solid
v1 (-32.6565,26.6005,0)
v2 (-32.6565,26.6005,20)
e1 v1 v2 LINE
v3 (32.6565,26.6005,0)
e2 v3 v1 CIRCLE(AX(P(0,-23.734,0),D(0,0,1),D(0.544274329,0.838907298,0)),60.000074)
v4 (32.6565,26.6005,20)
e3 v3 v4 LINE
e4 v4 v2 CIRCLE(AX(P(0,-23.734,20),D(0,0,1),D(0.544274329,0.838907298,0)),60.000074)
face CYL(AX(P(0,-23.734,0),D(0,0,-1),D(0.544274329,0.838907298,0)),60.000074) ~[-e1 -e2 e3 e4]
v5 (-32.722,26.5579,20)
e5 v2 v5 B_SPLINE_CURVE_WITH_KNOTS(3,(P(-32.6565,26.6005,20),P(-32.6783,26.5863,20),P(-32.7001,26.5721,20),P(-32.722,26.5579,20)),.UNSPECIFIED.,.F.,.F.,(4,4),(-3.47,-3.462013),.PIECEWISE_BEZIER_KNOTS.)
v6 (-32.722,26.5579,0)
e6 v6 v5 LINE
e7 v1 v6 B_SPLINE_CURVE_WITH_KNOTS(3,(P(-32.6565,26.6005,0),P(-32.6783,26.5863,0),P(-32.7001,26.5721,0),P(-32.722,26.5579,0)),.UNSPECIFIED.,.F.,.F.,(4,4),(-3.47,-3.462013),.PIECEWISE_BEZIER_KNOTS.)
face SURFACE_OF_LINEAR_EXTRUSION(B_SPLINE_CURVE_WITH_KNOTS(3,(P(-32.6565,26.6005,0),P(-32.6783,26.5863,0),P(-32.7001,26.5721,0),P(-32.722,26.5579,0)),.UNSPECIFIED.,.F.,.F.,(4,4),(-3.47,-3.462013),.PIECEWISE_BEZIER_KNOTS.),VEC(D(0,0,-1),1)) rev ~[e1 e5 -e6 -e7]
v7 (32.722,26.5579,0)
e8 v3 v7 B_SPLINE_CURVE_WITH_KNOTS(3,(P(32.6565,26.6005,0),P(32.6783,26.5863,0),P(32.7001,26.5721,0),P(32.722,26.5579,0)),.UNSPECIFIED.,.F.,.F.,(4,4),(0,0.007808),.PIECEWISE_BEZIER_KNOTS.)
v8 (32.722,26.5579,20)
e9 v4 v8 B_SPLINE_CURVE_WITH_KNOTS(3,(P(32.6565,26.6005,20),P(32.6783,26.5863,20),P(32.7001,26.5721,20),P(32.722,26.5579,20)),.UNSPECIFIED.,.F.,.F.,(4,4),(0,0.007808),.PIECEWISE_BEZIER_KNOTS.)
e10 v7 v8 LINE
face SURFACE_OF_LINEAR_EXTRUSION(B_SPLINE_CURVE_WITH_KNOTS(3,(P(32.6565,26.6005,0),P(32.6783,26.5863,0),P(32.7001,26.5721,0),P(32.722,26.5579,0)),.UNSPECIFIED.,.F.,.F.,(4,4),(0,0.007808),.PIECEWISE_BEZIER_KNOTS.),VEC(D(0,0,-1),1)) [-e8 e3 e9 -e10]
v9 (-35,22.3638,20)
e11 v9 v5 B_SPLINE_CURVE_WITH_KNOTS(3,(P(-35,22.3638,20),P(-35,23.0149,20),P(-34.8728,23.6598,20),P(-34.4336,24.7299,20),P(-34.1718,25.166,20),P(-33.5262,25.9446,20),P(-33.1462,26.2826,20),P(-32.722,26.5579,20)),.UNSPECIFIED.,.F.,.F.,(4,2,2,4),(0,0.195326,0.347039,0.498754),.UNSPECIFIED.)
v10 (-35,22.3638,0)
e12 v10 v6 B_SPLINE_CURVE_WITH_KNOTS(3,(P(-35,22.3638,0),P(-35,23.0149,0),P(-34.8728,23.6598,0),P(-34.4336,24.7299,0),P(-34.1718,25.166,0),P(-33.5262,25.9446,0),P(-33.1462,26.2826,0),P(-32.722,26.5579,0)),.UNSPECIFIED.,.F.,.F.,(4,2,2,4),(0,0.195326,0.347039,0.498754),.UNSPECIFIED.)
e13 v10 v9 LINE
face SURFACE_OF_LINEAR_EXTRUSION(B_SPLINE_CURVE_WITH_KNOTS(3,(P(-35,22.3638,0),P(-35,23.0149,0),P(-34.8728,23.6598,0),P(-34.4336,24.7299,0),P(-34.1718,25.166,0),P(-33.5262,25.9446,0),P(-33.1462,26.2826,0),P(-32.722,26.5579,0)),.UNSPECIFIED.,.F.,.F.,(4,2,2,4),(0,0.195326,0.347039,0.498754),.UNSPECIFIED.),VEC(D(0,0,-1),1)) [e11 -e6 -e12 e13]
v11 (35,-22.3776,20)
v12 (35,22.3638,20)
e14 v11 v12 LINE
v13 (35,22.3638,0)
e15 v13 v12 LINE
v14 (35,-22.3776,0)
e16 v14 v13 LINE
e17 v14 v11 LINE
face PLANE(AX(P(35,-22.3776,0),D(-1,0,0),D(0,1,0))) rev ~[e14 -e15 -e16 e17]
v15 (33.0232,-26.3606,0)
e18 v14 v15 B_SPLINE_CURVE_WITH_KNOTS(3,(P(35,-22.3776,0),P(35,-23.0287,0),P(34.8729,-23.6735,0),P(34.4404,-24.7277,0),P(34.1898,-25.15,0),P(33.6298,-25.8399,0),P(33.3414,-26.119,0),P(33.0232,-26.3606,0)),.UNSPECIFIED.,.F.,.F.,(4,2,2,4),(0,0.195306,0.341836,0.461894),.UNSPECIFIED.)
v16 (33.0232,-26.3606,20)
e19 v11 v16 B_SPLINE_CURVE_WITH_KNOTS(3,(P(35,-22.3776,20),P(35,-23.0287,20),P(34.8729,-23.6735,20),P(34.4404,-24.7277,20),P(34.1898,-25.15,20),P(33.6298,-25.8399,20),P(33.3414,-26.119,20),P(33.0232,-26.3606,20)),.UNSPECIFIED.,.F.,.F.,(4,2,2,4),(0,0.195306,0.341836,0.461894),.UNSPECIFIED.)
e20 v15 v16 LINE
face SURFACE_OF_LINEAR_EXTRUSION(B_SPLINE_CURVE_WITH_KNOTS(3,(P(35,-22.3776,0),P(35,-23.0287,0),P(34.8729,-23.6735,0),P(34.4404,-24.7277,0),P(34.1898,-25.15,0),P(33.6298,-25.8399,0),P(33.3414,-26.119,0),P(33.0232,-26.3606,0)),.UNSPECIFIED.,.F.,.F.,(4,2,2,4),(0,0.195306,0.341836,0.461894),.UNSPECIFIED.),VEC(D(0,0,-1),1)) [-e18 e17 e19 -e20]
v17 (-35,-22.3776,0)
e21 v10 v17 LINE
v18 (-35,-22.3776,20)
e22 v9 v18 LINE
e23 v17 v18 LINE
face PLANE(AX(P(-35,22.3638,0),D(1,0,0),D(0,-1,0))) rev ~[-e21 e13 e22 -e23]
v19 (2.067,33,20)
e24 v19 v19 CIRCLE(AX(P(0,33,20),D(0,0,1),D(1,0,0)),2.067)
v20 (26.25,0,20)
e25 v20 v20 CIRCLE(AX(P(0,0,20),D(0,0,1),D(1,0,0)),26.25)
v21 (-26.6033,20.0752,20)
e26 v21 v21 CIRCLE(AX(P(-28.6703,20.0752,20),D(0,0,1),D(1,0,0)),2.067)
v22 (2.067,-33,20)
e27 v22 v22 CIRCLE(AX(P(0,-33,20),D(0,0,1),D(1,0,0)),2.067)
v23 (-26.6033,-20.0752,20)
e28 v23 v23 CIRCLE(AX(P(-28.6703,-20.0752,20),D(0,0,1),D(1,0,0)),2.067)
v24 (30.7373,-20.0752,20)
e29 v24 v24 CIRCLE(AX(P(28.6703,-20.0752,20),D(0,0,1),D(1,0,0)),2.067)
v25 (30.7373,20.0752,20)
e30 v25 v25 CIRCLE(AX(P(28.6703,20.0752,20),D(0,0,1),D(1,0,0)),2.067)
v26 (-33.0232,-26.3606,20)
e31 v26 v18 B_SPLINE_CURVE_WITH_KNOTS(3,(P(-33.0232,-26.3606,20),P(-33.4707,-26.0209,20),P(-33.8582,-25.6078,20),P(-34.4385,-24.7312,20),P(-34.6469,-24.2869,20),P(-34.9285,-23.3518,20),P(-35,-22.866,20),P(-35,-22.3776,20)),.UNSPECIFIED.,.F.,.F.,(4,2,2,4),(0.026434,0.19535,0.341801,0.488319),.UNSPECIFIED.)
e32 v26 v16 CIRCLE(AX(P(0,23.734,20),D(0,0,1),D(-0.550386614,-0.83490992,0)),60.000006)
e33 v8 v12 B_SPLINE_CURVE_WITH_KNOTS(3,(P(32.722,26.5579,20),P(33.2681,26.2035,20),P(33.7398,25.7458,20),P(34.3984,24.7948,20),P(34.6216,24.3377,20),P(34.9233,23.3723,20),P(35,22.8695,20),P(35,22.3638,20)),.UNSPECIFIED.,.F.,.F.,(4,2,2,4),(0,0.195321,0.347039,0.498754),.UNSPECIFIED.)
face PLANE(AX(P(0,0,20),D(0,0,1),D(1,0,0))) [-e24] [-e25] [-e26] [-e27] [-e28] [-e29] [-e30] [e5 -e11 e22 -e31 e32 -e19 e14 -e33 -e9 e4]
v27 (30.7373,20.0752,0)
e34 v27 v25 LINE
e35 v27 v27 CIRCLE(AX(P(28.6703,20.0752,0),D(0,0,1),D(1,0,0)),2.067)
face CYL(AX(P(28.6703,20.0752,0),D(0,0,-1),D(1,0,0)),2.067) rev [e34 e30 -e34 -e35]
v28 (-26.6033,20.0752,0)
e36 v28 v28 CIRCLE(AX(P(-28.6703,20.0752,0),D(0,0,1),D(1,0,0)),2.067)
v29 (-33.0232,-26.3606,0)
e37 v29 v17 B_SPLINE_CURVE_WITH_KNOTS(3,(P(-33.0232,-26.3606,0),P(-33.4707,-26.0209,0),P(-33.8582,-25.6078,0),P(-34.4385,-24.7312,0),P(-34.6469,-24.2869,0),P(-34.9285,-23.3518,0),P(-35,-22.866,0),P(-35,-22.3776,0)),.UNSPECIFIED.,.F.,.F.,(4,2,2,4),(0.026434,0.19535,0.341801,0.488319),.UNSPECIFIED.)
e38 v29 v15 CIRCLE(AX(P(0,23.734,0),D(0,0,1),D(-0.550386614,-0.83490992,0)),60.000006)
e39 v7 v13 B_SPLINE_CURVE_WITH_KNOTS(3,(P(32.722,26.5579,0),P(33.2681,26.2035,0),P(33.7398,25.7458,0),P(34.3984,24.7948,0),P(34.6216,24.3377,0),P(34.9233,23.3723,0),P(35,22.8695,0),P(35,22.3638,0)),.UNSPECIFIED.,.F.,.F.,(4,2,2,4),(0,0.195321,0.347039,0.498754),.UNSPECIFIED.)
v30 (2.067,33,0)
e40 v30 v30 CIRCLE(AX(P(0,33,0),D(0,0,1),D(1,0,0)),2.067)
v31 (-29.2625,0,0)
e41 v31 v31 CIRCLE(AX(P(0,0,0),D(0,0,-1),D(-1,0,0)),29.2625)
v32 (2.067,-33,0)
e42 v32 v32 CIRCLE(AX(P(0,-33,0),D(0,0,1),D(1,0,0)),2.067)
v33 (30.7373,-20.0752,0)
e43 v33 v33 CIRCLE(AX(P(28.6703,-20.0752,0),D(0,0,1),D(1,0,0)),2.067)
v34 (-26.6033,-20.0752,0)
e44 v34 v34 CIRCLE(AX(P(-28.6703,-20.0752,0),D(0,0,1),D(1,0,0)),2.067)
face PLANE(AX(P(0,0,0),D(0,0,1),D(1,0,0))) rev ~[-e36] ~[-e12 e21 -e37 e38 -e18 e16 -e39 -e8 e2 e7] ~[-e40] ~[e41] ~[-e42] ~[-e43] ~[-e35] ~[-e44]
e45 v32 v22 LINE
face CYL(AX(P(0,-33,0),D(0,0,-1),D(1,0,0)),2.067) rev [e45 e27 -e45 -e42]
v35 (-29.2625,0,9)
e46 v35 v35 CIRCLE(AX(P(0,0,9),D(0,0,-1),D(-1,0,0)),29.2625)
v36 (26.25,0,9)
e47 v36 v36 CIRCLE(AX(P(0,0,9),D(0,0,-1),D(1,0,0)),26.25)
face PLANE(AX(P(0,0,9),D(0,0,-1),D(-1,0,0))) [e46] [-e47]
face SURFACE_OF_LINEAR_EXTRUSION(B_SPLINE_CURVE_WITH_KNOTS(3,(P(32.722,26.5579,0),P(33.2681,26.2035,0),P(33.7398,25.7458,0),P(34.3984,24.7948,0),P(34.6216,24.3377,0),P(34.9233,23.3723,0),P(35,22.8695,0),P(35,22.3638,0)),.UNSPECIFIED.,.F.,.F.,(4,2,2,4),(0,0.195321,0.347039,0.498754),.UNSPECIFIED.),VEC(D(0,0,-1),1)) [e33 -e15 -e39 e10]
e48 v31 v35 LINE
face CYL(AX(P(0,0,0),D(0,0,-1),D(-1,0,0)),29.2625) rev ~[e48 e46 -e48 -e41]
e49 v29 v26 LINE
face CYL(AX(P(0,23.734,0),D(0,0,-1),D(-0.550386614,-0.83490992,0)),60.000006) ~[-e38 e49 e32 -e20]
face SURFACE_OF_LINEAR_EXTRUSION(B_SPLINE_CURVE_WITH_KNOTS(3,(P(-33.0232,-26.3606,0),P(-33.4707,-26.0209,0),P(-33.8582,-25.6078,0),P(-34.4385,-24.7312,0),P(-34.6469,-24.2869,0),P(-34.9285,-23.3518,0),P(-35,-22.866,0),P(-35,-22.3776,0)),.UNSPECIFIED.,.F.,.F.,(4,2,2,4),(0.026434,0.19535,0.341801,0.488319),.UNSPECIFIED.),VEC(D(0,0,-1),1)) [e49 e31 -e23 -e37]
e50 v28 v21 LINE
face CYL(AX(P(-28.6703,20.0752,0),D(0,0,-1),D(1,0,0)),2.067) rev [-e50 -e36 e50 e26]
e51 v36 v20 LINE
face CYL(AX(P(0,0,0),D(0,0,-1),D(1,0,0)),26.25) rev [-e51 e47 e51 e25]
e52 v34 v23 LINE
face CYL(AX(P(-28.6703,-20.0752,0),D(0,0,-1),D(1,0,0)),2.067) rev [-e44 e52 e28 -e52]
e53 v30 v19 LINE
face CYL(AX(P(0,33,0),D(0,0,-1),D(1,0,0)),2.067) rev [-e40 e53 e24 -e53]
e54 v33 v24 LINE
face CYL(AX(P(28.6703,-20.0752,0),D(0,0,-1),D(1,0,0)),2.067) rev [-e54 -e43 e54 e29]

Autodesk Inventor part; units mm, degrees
ref_plane "YZ Plane" through (0, 0, 0) normal (1, 0, 0) x (0, 1, 0)
ref_plane "XZ Plane" through (0, 0, 0) normal (0, 1, 0) x (-1, 0, 0)
ref_plane "XY Plane" through (0, 0, 0) normal (0, 0, 1) x (1, 0, 0)
sketch "Sketch1" plane through (0, 0, 0) normal (0, 0, 1) x (1, 0, 0)
  circle A0 centre (28.6703, -20.0752) radius 2.067
  circle A1 centre (-28.6703, 20.0752) radius 2.067
  circle A2 centre (-28.6703, -20.0752) radius 2.067
  circle A3 centre (28.6703, 20.0752) radius 2.067
  circle A4 centre (0, 33) radius 2.067
  circle A5 centre (0, -33) radius 2.067
  spline S0 degree 3 poles (-33.0232, -26.3606) (-33.4707, -26.0209) (-33.8582, -25.6078) (-34.4385, -24.7312) (-34.6469, -24.2869) (-34.9285, -23.3518) (-35, -22.866) (-35, -22.3776) knots 0.026434 0.026434 0.026434 0.026434 0.19535 0.19535 0.341801 0.341801 0.488319 0.488319 0.488319 0.488319
  arc A6 (-33.0232, -26.3606) -> (33.0232, -26.3606) centre (0, 23.734) ccw
  spline S1 degree 3 poles (35, -22.3776) (35, -23.0287) (34.8729, -23.6735) (34.4404, -24.7277) (34.1898, -25.15) (33.6298, -25.8399) (33.3414, -26.119) (33.0232, -26.3606) knots 0 0 0 0 0.195306 0.195306 0.341836 0.341836 0.461894 0.461894 0.461894 0.461894
  line L0 (35, -22.3776) -> (35, 22.3638)
  spline S2 degree 3 poles (32.722, 26.5579) (33.2681, 26.2035) (33.7398, 25.7458) (34.3984, 24.7948) (34.6216, 24.3377) (34.9233, 23.3723) (35, 22.8695) (35, 22.3638) knots 0 0 0 0 0.195321 0.195321 0.347039 0.347039 0.498754 0.498754 0.498754 0.498754
  spline S3 degree 3 poles (32.6565, 26.6005) (32.6783, 26.5863) (32.7001, 26.5721) (32.722, 26.5579) knots 0 0 0 0 0.007808 0.007808 0.007808 0.007808
  arc A7 (32.6565, 26.6005) -> (-32.6565, 26.6005) centre (0, -23.734) ccw
  spline S4 degree 3 poles (-32.6565, 26.6005) (-32.6783, 26.5863) (-32.7001, 26.5721) (-32.722, 26.5579) knots -3.47 -3.47 -3.47 -3.47 -3.462013 -3.462013 -3.462013 -3.462013
  spline S5 degree 3 poles (-35, 22.3638) (-35, 23.0149) (-34.8728, 23.6598) (-34.4336, 24.7299) (-34.1718, 25.166) (-33.5262, 25.9446) (-33.1462, 26.2826) (-32.722, 26.5579) knots 0 0 0 0 0.195326 0.195326 0.347039 0.347039 0.498754 0.498754 0.498754 0.498754
  line L1 (-35, 22.3638) -> (-35, -22.3776)
  circle A8 centre (0, 0) radius 26.25
  dimension "d2" = 33
  dimension "d3" = 33
extrude "Extrusion1" add sketch "Sketch1" along normal blind 20
sketch "Sketch2" plane through (0, 0, 0) normal (0, 0, -1) x (-1, 0, 0)
  circle A0 centre (0, 0) radius 29.2625
  dimension "d4" = 58.525
extrude "Extrusion2" cut sketch "Sketch2" against normal blind 9
properties part number "Tilting head - extended part" material "Steel, Carbon"
